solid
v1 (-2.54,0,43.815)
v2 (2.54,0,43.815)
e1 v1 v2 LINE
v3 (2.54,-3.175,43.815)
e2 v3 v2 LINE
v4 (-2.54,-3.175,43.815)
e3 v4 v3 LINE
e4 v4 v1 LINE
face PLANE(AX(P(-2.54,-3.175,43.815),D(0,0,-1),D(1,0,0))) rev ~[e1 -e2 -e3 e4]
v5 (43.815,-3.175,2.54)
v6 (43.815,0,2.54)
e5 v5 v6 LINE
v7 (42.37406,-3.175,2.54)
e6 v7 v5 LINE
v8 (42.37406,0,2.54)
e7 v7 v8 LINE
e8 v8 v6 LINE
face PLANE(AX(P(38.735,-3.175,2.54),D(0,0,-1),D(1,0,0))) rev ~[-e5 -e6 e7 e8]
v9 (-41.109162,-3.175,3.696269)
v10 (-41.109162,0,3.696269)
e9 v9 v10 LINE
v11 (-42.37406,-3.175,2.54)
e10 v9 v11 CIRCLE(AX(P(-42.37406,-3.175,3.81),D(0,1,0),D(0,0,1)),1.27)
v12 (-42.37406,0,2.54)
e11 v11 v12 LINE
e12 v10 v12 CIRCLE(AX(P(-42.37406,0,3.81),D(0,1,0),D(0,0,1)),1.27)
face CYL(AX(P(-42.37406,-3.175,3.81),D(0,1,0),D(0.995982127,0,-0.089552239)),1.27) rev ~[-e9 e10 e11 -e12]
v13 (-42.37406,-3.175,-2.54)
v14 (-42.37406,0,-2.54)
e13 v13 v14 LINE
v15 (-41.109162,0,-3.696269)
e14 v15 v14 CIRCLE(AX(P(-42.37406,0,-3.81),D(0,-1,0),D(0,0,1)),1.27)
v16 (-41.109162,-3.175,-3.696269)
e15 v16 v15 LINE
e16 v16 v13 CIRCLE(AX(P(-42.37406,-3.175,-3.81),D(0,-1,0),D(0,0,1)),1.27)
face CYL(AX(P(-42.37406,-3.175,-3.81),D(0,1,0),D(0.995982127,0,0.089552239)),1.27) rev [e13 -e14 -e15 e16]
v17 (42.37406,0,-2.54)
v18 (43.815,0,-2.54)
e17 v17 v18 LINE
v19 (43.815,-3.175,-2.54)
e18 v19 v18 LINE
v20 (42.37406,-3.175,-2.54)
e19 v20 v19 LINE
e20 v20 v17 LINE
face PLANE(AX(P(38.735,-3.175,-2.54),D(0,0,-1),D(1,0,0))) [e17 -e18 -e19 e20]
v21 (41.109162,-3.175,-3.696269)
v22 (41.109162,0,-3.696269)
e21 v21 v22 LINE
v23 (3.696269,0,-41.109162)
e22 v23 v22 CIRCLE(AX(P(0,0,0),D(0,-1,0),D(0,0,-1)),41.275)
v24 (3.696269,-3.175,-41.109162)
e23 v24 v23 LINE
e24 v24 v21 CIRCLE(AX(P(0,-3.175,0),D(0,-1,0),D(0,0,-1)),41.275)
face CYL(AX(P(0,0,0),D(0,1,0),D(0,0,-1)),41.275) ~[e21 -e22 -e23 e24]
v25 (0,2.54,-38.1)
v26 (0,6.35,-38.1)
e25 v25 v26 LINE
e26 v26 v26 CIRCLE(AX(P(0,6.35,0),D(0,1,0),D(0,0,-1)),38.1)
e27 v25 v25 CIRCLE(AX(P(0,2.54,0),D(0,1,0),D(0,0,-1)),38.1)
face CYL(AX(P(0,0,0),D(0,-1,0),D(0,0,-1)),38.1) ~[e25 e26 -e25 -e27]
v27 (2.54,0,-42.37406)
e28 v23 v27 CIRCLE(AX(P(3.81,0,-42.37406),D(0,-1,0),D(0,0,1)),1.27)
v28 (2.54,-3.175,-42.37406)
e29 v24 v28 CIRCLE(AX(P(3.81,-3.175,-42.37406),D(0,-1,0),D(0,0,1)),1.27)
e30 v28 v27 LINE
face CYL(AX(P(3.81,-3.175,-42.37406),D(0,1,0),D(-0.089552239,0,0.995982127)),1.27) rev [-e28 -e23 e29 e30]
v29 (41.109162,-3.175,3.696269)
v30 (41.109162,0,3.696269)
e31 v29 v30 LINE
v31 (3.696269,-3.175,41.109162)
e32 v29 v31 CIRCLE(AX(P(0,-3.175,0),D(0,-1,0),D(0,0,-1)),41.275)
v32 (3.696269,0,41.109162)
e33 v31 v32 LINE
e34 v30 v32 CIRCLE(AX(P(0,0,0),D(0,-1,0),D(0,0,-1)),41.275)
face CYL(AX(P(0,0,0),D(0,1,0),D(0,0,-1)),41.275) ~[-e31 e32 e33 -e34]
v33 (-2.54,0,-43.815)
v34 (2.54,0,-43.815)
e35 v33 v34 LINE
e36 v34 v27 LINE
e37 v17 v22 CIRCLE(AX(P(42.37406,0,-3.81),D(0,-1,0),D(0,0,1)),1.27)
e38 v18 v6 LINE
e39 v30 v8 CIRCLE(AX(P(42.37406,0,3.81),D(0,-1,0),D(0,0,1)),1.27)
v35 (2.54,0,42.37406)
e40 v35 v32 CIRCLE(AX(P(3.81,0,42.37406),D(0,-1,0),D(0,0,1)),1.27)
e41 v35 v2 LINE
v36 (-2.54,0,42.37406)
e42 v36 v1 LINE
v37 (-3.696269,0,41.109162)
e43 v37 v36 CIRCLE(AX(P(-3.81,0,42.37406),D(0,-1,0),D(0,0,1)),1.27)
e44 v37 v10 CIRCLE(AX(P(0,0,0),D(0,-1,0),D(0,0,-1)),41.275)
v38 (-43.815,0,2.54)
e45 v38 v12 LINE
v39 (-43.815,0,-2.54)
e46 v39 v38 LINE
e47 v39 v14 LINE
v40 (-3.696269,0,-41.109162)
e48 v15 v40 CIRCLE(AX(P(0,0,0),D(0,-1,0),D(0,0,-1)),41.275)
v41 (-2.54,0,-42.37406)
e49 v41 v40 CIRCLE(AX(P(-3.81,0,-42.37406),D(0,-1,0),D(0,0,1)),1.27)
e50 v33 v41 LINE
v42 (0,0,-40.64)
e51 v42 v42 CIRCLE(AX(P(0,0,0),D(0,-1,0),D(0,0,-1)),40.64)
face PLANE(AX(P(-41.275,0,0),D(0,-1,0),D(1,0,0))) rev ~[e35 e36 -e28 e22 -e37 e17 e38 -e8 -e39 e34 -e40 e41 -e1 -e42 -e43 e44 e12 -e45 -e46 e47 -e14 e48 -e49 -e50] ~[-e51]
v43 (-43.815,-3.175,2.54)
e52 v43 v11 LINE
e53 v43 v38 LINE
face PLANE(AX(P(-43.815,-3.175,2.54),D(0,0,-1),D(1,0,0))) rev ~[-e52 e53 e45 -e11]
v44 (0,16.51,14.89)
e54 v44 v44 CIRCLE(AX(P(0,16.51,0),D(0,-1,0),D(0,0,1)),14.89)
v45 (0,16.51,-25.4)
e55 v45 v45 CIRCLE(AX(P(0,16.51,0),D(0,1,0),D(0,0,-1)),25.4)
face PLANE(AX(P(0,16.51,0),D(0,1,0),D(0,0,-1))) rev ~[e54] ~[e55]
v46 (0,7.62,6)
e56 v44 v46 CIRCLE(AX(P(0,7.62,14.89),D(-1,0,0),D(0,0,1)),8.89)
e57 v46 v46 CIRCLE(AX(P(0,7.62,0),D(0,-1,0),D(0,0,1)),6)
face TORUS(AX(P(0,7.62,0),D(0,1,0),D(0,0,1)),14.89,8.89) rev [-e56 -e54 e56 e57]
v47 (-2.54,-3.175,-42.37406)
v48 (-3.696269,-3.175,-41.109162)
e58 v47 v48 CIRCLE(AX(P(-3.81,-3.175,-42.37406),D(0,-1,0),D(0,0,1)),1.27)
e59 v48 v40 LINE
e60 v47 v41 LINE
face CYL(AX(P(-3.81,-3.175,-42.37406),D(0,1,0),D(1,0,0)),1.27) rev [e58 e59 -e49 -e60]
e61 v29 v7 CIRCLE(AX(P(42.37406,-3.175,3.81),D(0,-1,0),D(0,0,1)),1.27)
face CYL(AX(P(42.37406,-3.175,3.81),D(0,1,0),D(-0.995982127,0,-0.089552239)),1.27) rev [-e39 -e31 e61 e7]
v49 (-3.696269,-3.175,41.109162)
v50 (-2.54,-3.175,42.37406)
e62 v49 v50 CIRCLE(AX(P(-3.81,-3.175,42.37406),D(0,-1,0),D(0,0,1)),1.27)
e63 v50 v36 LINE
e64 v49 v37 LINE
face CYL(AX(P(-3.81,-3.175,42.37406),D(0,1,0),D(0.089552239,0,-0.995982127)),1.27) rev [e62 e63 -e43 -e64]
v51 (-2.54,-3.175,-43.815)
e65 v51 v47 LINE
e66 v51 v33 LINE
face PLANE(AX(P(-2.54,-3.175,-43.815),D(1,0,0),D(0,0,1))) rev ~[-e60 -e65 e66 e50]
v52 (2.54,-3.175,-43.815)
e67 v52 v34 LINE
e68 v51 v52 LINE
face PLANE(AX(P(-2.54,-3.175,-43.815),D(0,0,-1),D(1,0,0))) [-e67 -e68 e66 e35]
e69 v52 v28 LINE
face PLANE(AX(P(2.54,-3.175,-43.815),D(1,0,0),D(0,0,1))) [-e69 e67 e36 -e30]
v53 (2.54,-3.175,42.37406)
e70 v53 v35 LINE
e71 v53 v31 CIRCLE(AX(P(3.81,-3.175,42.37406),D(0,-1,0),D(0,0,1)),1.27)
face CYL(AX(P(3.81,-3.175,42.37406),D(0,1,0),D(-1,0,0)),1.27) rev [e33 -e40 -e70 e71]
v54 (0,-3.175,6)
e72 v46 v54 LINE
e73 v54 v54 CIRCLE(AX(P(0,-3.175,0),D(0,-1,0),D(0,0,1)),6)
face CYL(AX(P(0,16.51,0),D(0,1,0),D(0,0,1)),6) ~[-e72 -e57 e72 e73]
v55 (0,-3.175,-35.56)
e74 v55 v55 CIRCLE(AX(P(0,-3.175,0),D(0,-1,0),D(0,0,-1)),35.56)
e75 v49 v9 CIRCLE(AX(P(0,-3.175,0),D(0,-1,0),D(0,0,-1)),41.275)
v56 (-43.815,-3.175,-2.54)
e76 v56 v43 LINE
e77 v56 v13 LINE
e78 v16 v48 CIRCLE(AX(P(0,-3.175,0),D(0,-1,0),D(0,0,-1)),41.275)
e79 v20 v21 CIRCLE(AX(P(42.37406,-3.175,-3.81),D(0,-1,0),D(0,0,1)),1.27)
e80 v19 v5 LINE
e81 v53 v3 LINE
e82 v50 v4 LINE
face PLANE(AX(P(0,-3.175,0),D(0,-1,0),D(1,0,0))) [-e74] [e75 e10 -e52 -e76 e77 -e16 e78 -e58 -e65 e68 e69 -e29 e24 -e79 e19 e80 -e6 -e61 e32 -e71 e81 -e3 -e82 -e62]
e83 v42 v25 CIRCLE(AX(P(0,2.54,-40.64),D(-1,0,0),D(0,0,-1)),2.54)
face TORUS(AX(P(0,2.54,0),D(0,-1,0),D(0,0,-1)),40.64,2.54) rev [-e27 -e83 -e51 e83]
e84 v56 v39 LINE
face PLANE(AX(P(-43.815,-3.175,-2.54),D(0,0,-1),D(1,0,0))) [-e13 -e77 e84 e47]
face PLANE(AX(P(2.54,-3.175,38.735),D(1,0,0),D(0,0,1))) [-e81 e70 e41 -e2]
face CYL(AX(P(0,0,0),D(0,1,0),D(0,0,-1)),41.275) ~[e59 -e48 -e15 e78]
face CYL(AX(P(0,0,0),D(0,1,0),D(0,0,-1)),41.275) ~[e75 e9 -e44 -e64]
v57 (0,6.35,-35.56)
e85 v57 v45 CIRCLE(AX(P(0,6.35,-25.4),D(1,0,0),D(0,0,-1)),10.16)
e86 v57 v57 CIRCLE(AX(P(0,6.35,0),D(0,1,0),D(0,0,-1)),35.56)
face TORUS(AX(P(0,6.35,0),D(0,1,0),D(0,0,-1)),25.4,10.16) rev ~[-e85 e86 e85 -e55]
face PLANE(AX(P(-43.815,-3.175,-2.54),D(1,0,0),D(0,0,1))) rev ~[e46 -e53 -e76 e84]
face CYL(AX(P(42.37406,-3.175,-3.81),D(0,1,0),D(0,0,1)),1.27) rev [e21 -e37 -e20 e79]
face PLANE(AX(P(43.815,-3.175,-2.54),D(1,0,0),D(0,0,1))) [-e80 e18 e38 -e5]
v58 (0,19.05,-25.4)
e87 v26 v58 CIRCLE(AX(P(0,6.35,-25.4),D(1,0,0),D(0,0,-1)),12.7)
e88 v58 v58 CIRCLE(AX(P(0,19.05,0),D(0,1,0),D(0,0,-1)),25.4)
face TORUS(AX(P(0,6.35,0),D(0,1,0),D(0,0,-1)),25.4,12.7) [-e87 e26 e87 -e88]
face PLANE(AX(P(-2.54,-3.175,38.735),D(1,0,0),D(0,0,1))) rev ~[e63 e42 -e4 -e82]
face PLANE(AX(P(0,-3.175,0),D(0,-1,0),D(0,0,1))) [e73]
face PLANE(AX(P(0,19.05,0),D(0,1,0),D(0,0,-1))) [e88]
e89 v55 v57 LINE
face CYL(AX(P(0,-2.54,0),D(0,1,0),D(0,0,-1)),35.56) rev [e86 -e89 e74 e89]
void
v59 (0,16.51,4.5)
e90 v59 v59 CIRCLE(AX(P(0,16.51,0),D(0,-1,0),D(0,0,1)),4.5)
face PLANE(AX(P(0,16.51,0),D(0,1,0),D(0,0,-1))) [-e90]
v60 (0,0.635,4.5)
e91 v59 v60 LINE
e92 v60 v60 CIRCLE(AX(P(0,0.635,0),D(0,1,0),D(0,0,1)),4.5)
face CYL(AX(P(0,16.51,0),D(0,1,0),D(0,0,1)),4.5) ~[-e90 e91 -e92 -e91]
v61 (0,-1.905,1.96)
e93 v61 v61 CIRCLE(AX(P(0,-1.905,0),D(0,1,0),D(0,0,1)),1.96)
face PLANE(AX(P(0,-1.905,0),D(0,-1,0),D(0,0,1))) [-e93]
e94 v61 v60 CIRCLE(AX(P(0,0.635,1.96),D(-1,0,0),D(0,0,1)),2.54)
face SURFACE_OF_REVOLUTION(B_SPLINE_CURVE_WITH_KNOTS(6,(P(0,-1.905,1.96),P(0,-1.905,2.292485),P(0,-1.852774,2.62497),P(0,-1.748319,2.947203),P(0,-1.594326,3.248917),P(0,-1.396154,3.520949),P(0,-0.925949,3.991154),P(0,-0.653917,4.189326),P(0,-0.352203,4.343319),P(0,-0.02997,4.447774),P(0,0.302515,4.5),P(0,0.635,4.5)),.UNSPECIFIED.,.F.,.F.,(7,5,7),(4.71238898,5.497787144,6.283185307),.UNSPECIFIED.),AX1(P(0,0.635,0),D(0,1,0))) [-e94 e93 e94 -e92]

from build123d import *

# Parameters (mm, degrees)
SKETCH1_R            = 38.1
BOSS_EXTRUDE1_DEPTH  = 19.05
FILLET1_R            = 12.7
SKETCH2_R            = 41.275
BOSS_EXTRUDE2_DEPTH  = 3.175
SHELL2_T             = -2.54
FILLET2_R            = 2.54
SKETCH27_W           = 5.08
SKETCH27_H           = 5.08
BOSS_EXTRUDE12_DEPTH = 3.175
FILLET3_R            = 1.27
SKETCH28_R           = 38.735
SKETCH28_R_2         = 35.56
BOSS_EXTRUDE16_DEPTH = 0.635
SKETCH31_R           = 6
SKETCH31_R_2         = 4.5
BOSS_EXTRUDE17_DEPTH = 19.685
FILLET4_R            = 8.89
SKETCH32_R           = 6
BOSS_EXTRUDE18_DEPTH = 1.27
FILLET5_R            = 2.54


with BuildPart() as part:
    # Sketch1 → Boss-Extrude1 (new body)
    with BuildSketch(Plane(origin=(0, 0, 0), x_dir=(1, 0, 0), z_dir=(0, 1, 0))):
        with Locations(Location((0, 0, 0), (0, 0, 90))):
            Circle(SKETCH1_R)
    extrude(amount=BOSS_EXTRUDE1_DEPTH)

    # Fillet1
    fillet1_edges = [part.edges().sort_by_distance(p)[0] for p in [
        (0, 19.05, 38.1),
    ]]
    fillet(fillet1_edges, radius=FILLET1_R)

    # Sketch2 → Boss-Extrude2 (add)
    with BuildSketch(Plane.XZ):
        with Locations(Location((0, 0, 0), (0, 0, 270))):
            Circle(SKETCH2_R)
    extrude(amount=BOSS_EXTRUDE2_DEPTH)

    # Shell2
    shell2_openings = [part.faces().sort_by_distance(p)[0] for p in [
        (0, -3.175, 0),
    ]]
    offset(amount=SHELL2_T, openings=shell2_openings, kind=Kind.INTERSECTION)

    # Fillet2
    fillet2_edges = [part.edges().sort_by_distance(p)[0] for p in [
        (0, 0, 38.1),
    ]]
    fillet(fillet2_edges, radius=FILLET2_R)

    # Sketch27 → Boss-Extrude12 (add)
    with BuildSketch(Plane.XZ.offset(3.175)):
        with Locations((-41.275, 0)):
            Rectangle(SKETCH27_W, SKETCH27_H)
        with Locations((0, 41.275)):
            Rectangle(SKETCH27_W, SKETCH27_H)
        with Locations((41.275, 0)):
            Rectangle(SKETCH27_W, SKETCH27_H)
        with Locations((0, -41.275)):
            Rectangle(SKETCH27_W, SKETCH27_H)
    extrude(amount=-BOSS_EXTRUDE12_DEPTH)

    # Fillet3
    fillet3_edges = [part.edges().sort_by_distance(p)[0] for p in [
        (-2.54, -1.5875, 41.196772022),
        (2.54, -1.5875, 41.196772022),
        (41.196772022, -1.5875, 2.54),
        (41.196772022, -1.5875, -2.54),
        (2.54, -1.5875, -41.196772022),
        (-2.54, -1.5875, -41.196772022),
        (-41.196772022, -1.5875, -2.54),
        (-41.196772022, -1.5875, 2.54),
    ]]
    fillet(fillet3_edges, radius=FILLET3_R)

    # Sketch28 → Boss-Extrude16 (add)
    with BuildSketch(Plane.XZ.offset(2.54)):
        Circle(SKETCH28_R)
        with Locations(Location((0, 0, 0), (0, 0, 270))):
            Circle(SKETCH28_R_2, mode=Mode.SUBTRACT)
    extrude(amount=BOSS_EXTRUDE16_DEPTH)

    # Sketch31 → Boss-Extrude17 (add)
    with BuildSketch(Plane.XZ.offset(-16.51)):
        with Locations(Location((0, 0, 0), (0, 0, 90))):
            Circle(SKETCH31_R)
        with Locations(Location((0, 0, 0), (0, 0, 90))):
            Circle(SKETCH31_R_2, mode=Mode.SUBTRACT)
    extrude(amount=BOSS_EXTRUDE17_DEPTH)

    # Fillet4
    fillet4_edges = [part.edges().sort_by_distance(p)[0] for p in [
        (0, 16.51, -6),
    ]]
    fillet(fillet4_edges, radius=FILLET4_R)

    # Sketch32 → Boss-Extrude18 (add)
    with BuildSketch(Plane.XZ.offset(3.175)):
        with Locations(Location((0, 0, 0), (0, 0, 90))):
            Circle(SKETCH32_R)
    extrude(amount=-BOSS_EXTRUDE18_DEPTH)

    # Fillet5
    fillet5_edges = [part.edges().sort_by_distance(p)[0] for p in [
        (0, -1.905, -4.5),
    ]]
    fillet(fillet5_edges, radius=FILLET5_R)


solid = part.part
